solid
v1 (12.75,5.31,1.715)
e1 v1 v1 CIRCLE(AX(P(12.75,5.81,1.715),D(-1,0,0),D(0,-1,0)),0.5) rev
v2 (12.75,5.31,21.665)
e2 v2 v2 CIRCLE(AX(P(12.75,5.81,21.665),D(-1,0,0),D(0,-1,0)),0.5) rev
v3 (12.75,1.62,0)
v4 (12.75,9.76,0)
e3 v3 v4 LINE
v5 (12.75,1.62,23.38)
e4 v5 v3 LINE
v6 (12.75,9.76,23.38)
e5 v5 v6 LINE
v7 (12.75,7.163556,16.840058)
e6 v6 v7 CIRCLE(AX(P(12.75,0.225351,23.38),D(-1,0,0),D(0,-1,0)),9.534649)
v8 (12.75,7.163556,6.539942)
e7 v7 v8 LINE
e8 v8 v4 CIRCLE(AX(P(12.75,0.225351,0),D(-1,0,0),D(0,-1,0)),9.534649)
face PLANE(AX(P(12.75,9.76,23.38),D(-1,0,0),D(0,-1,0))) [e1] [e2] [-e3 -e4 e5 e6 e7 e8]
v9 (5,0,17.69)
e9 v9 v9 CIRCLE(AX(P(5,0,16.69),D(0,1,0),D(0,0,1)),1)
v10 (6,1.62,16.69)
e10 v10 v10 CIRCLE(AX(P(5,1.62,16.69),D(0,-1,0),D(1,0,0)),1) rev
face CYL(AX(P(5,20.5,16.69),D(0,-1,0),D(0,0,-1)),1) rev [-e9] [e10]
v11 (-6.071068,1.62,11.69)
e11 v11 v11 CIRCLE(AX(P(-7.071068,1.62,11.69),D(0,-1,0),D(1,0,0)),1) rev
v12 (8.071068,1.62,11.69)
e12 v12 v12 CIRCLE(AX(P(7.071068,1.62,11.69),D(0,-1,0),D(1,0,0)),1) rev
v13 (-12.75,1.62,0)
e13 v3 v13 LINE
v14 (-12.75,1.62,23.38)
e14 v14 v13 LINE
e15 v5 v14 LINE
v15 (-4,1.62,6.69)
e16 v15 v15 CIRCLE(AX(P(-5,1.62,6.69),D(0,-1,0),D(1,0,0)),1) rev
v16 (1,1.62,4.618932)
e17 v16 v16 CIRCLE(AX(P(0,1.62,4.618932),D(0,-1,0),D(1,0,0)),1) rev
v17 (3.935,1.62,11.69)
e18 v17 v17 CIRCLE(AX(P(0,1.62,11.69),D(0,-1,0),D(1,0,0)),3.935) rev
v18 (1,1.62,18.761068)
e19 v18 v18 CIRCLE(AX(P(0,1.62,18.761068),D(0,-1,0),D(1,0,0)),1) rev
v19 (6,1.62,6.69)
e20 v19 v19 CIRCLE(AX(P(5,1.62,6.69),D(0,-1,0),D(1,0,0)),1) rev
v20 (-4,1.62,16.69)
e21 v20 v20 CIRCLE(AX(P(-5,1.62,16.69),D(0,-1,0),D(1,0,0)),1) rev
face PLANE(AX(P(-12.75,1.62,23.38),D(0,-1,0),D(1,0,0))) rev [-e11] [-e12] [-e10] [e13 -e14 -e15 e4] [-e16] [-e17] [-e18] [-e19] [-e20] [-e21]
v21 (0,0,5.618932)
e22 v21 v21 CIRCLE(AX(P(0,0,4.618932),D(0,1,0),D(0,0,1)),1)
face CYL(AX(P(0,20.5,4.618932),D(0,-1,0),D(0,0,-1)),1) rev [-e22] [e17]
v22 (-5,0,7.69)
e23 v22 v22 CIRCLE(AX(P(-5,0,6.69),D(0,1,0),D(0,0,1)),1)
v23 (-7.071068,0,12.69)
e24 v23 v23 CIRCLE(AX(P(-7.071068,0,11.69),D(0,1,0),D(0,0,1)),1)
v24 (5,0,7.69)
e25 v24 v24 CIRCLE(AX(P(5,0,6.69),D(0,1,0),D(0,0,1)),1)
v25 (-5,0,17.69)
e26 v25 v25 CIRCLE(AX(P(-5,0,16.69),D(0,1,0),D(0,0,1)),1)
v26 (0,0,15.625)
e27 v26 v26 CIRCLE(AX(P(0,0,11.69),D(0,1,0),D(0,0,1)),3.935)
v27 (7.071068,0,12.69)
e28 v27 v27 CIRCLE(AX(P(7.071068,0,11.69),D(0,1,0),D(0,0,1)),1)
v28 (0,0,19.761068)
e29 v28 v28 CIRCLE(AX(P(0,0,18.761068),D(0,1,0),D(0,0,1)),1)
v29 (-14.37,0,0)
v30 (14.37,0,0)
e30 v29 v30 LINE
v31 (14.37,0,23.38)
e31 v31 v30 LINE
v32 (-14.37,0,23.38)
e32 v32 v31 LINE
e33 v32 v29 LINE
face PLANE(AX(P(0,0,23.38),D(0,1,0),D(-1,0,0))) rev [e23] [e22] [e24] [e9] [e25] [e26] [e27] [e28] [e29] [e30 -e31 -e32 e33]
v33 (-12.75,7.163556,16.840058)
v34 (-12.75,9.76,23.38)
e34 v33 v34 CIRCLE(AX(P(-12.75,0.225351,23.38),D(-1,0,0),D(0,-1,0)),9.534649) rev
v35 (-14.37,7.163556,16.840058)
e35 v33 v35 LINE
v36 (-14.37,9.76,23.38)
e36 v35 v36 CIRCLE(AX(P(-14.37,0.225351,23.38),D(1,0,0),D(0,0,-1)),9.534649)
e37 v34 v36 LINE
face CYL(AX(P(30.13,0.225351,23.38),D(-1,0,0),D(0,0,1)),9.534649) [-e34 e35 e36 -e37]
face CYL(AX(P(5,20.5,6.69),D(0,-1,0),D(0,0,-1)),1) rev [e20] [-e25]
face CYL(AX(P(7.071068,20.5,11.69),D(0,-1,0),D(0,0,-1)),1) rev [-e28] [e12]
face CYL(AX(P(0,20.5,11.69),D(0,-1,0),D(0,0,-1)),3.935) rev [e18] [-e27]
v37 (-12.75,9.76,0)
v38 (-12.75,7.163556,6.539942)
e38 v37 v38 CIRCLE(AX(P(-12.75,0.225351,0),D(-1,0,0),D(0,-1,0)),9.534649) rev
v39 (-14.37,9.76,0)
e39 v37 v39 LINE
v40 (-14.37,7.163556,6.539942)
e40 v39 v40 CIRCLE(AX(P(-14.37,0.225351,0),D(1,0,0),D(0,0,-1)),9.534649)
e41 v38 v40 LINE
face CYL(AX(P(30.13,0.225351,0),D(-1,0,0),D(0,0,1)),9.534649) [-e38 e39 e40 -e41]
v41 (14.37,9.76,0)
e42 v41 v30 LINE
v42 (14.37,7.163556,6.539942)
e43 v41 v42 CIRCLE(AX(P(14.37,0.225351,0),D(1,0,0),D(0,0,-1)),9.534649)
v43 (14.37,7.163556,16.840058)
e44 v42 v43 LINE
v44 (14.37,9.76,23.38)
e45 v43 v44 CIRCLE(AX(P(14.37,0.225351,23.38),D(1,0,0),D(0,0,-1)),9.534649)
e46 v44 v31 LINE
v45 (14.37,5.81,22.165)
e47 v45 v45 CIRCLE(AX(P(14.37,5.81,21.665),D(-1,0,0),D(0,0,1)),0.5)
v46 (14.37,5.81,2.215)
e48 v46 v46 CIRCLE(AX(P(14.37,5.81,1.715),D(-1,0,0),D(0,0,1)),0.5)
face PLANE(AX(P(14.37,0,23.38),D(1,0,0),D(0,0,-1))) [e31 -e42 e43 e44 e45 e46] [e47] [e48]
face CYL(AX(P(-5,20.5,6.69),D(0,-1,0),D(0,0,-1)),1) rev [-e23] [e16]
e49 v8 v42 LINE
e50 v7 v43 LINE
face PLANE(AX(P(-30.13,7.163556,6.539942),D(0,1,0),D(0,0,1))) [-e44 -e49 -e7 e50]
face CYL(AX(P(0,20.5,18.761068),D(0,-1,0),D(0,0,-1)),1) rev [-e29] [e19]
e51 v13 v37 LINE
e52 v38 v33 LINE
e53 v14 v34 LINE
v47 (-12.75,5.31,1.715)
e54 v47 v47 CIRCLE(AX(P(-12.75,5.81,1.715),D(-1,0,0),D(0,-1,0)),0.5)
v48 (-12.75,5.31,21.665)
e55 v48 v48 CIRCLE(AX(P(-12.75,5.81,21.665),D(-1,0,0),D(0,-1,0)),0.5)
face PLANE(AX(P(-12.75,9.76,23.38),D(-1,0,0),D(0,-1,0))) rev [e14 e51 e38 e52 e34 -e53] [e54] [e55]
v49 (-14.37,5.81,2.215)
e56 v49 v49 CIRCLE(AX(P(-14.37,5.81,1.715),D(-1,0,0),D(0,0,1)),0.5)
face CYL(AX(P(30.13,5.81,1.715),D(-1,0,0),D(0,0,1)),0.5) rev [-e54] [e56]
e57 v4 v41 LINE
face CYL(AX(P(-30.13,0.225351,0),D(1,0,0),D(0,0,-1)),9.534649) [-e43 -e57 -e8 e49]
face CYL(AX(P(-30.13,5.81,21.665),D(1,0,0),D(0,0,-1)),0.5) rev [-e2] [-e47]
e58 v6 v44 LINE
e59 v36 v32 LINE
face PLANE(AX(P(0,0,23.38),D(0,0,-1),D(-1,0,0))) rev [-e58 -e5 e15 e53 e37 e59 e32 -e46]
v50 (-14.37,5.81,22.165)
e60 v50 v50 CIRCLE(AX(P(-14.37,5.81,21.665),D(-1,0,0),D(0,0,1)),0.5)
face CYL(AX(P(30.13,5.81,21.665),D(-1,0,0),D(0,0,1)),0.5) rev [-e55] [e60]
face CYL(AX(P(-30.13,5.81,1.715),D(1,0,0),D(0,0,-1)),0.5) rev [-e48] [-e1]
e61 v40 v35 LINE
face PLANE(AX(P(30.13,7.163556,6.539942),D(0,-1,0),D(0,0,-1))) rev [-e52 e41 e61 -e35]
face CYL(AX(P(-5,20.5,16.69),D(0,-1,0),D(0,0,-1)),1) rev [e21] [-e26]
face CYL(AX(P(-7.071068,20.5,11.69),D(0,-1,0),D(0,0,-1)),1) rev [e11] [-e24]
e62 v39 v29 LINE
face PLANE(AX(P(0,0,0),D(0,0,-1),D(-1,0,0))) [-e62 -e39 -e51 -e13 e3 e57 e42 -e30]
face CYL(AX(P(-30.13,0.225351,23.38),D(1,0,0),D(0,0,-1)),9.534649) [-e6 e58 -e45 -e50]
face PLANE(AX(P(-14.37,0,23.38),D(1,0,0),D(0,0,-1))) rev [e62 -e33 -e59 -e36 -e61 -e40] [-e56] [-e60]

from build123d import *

# Parameters (mm, degrees)
BOSS_EXTRUDE1_DEPTH = 23.38
SKETCH2_R           = 0.5
CUT_EXTRUDE1_DEPTH  = 44.5
SKETCH3_R           = 1
SKETCH3_R_2         = 3.935
CUT_EXTRUDE2_DEPTH  = 20.5


with BuildPart() as part:
    # Sketch1 → Boss-Extrude1 (new body)
    with BuildSketch(Plane.XY):
        Polygon((0, 0), (-14.37, 0), (-14.37, 9.76), (-12.75, 9.76), (-12.75, 1.62), (0, 1.62), align=None)
    boss_extrude1 = extrude(amount=BOSS_EXTRUDE1_DEPTH)

    # Sketch2 → Cut-Extrude1 (cut)
    with BuildSketch(Plane.ZY.offset(14.37)):
        with Locations((1.715, 5.81)):
            Circle(SKETCH2_R)
        with Locations((21.665, 5.81)):
            Circle(SKETCH2_R)
        with BuildLine():
            Line((6.539942279, 7.163555861), (16.840057721, 7.163555861))
            ThreePointArc((16.840057721, 7.163555861), (19.861748759, 9.087147646), (23.38, 9.76))
            Line((23.38, 9.76), (23.38, 14.744822673))
            Line((23.38, 14.744822673), (0, 14.744822673))
            Line((0, 14.744822673), (0, 9.76))
            ThreePointArc((0, 9.76), (3.518251241, 9.087147646), (6.539942279, 7.163555861))
        make_face()
    cut_extrude1 = extrude(amount=-CUT_EXTRUDE1_DEPTH, mode=Mode.SUBTRACT)

    # Mirror1: Boss-Extrude1, Cut-Extrude1 across plane
    add(boss_extrude1.mirror(Plane(origin=(0, 1.62, 23.38), x_dir=(0, 0, 1), z_dir=(-1, 0, 0))))
    add(cut_extrude1.mirror(Plane(origin=(0, 1.62, 23.38), x_dir=(0, 0, 1), z_dir=(-1, 0, 0))), mode=Mode.SUBTRACT)

    # Sketch3 → Cut-Extrude2 (cut)
    with BuildSketch(Plane(origin=(0, 0, 0), x_dir=(1, 0, 0), z_dir=(0, 1, 0))):
        with Locations((-7.071067812, -11.69)):
            Circle(SKETCH3_R)
        with Locations((7.071067812, -11.69)):
            Circle(SKETCH3_R)
        with Locations((5, -6.69)):
            Circle(SKETCH3_R)
        with Locations((-5, -6.69)):
            Circle(SKETCH3_R)
        with Locations((0, -11.69)):
            Circle(SKETCH3_R_2)
        with Locations((-5, -16.69)):
            Circle(SKETCH3_R)
        with Locations((5, -16.69)):
            Circle(SKETCH3_R)
        with Locations((0, -18.761067812)):
            Circle(SKETCH3_R)
        with Locations((0, -4.618932188)):
            Circle(SKETCH3_R)
    extrude(amount=CUT_EXTRUDE2_DEPTH, mode=Mode.SUBTRACT)


solid = part.part
